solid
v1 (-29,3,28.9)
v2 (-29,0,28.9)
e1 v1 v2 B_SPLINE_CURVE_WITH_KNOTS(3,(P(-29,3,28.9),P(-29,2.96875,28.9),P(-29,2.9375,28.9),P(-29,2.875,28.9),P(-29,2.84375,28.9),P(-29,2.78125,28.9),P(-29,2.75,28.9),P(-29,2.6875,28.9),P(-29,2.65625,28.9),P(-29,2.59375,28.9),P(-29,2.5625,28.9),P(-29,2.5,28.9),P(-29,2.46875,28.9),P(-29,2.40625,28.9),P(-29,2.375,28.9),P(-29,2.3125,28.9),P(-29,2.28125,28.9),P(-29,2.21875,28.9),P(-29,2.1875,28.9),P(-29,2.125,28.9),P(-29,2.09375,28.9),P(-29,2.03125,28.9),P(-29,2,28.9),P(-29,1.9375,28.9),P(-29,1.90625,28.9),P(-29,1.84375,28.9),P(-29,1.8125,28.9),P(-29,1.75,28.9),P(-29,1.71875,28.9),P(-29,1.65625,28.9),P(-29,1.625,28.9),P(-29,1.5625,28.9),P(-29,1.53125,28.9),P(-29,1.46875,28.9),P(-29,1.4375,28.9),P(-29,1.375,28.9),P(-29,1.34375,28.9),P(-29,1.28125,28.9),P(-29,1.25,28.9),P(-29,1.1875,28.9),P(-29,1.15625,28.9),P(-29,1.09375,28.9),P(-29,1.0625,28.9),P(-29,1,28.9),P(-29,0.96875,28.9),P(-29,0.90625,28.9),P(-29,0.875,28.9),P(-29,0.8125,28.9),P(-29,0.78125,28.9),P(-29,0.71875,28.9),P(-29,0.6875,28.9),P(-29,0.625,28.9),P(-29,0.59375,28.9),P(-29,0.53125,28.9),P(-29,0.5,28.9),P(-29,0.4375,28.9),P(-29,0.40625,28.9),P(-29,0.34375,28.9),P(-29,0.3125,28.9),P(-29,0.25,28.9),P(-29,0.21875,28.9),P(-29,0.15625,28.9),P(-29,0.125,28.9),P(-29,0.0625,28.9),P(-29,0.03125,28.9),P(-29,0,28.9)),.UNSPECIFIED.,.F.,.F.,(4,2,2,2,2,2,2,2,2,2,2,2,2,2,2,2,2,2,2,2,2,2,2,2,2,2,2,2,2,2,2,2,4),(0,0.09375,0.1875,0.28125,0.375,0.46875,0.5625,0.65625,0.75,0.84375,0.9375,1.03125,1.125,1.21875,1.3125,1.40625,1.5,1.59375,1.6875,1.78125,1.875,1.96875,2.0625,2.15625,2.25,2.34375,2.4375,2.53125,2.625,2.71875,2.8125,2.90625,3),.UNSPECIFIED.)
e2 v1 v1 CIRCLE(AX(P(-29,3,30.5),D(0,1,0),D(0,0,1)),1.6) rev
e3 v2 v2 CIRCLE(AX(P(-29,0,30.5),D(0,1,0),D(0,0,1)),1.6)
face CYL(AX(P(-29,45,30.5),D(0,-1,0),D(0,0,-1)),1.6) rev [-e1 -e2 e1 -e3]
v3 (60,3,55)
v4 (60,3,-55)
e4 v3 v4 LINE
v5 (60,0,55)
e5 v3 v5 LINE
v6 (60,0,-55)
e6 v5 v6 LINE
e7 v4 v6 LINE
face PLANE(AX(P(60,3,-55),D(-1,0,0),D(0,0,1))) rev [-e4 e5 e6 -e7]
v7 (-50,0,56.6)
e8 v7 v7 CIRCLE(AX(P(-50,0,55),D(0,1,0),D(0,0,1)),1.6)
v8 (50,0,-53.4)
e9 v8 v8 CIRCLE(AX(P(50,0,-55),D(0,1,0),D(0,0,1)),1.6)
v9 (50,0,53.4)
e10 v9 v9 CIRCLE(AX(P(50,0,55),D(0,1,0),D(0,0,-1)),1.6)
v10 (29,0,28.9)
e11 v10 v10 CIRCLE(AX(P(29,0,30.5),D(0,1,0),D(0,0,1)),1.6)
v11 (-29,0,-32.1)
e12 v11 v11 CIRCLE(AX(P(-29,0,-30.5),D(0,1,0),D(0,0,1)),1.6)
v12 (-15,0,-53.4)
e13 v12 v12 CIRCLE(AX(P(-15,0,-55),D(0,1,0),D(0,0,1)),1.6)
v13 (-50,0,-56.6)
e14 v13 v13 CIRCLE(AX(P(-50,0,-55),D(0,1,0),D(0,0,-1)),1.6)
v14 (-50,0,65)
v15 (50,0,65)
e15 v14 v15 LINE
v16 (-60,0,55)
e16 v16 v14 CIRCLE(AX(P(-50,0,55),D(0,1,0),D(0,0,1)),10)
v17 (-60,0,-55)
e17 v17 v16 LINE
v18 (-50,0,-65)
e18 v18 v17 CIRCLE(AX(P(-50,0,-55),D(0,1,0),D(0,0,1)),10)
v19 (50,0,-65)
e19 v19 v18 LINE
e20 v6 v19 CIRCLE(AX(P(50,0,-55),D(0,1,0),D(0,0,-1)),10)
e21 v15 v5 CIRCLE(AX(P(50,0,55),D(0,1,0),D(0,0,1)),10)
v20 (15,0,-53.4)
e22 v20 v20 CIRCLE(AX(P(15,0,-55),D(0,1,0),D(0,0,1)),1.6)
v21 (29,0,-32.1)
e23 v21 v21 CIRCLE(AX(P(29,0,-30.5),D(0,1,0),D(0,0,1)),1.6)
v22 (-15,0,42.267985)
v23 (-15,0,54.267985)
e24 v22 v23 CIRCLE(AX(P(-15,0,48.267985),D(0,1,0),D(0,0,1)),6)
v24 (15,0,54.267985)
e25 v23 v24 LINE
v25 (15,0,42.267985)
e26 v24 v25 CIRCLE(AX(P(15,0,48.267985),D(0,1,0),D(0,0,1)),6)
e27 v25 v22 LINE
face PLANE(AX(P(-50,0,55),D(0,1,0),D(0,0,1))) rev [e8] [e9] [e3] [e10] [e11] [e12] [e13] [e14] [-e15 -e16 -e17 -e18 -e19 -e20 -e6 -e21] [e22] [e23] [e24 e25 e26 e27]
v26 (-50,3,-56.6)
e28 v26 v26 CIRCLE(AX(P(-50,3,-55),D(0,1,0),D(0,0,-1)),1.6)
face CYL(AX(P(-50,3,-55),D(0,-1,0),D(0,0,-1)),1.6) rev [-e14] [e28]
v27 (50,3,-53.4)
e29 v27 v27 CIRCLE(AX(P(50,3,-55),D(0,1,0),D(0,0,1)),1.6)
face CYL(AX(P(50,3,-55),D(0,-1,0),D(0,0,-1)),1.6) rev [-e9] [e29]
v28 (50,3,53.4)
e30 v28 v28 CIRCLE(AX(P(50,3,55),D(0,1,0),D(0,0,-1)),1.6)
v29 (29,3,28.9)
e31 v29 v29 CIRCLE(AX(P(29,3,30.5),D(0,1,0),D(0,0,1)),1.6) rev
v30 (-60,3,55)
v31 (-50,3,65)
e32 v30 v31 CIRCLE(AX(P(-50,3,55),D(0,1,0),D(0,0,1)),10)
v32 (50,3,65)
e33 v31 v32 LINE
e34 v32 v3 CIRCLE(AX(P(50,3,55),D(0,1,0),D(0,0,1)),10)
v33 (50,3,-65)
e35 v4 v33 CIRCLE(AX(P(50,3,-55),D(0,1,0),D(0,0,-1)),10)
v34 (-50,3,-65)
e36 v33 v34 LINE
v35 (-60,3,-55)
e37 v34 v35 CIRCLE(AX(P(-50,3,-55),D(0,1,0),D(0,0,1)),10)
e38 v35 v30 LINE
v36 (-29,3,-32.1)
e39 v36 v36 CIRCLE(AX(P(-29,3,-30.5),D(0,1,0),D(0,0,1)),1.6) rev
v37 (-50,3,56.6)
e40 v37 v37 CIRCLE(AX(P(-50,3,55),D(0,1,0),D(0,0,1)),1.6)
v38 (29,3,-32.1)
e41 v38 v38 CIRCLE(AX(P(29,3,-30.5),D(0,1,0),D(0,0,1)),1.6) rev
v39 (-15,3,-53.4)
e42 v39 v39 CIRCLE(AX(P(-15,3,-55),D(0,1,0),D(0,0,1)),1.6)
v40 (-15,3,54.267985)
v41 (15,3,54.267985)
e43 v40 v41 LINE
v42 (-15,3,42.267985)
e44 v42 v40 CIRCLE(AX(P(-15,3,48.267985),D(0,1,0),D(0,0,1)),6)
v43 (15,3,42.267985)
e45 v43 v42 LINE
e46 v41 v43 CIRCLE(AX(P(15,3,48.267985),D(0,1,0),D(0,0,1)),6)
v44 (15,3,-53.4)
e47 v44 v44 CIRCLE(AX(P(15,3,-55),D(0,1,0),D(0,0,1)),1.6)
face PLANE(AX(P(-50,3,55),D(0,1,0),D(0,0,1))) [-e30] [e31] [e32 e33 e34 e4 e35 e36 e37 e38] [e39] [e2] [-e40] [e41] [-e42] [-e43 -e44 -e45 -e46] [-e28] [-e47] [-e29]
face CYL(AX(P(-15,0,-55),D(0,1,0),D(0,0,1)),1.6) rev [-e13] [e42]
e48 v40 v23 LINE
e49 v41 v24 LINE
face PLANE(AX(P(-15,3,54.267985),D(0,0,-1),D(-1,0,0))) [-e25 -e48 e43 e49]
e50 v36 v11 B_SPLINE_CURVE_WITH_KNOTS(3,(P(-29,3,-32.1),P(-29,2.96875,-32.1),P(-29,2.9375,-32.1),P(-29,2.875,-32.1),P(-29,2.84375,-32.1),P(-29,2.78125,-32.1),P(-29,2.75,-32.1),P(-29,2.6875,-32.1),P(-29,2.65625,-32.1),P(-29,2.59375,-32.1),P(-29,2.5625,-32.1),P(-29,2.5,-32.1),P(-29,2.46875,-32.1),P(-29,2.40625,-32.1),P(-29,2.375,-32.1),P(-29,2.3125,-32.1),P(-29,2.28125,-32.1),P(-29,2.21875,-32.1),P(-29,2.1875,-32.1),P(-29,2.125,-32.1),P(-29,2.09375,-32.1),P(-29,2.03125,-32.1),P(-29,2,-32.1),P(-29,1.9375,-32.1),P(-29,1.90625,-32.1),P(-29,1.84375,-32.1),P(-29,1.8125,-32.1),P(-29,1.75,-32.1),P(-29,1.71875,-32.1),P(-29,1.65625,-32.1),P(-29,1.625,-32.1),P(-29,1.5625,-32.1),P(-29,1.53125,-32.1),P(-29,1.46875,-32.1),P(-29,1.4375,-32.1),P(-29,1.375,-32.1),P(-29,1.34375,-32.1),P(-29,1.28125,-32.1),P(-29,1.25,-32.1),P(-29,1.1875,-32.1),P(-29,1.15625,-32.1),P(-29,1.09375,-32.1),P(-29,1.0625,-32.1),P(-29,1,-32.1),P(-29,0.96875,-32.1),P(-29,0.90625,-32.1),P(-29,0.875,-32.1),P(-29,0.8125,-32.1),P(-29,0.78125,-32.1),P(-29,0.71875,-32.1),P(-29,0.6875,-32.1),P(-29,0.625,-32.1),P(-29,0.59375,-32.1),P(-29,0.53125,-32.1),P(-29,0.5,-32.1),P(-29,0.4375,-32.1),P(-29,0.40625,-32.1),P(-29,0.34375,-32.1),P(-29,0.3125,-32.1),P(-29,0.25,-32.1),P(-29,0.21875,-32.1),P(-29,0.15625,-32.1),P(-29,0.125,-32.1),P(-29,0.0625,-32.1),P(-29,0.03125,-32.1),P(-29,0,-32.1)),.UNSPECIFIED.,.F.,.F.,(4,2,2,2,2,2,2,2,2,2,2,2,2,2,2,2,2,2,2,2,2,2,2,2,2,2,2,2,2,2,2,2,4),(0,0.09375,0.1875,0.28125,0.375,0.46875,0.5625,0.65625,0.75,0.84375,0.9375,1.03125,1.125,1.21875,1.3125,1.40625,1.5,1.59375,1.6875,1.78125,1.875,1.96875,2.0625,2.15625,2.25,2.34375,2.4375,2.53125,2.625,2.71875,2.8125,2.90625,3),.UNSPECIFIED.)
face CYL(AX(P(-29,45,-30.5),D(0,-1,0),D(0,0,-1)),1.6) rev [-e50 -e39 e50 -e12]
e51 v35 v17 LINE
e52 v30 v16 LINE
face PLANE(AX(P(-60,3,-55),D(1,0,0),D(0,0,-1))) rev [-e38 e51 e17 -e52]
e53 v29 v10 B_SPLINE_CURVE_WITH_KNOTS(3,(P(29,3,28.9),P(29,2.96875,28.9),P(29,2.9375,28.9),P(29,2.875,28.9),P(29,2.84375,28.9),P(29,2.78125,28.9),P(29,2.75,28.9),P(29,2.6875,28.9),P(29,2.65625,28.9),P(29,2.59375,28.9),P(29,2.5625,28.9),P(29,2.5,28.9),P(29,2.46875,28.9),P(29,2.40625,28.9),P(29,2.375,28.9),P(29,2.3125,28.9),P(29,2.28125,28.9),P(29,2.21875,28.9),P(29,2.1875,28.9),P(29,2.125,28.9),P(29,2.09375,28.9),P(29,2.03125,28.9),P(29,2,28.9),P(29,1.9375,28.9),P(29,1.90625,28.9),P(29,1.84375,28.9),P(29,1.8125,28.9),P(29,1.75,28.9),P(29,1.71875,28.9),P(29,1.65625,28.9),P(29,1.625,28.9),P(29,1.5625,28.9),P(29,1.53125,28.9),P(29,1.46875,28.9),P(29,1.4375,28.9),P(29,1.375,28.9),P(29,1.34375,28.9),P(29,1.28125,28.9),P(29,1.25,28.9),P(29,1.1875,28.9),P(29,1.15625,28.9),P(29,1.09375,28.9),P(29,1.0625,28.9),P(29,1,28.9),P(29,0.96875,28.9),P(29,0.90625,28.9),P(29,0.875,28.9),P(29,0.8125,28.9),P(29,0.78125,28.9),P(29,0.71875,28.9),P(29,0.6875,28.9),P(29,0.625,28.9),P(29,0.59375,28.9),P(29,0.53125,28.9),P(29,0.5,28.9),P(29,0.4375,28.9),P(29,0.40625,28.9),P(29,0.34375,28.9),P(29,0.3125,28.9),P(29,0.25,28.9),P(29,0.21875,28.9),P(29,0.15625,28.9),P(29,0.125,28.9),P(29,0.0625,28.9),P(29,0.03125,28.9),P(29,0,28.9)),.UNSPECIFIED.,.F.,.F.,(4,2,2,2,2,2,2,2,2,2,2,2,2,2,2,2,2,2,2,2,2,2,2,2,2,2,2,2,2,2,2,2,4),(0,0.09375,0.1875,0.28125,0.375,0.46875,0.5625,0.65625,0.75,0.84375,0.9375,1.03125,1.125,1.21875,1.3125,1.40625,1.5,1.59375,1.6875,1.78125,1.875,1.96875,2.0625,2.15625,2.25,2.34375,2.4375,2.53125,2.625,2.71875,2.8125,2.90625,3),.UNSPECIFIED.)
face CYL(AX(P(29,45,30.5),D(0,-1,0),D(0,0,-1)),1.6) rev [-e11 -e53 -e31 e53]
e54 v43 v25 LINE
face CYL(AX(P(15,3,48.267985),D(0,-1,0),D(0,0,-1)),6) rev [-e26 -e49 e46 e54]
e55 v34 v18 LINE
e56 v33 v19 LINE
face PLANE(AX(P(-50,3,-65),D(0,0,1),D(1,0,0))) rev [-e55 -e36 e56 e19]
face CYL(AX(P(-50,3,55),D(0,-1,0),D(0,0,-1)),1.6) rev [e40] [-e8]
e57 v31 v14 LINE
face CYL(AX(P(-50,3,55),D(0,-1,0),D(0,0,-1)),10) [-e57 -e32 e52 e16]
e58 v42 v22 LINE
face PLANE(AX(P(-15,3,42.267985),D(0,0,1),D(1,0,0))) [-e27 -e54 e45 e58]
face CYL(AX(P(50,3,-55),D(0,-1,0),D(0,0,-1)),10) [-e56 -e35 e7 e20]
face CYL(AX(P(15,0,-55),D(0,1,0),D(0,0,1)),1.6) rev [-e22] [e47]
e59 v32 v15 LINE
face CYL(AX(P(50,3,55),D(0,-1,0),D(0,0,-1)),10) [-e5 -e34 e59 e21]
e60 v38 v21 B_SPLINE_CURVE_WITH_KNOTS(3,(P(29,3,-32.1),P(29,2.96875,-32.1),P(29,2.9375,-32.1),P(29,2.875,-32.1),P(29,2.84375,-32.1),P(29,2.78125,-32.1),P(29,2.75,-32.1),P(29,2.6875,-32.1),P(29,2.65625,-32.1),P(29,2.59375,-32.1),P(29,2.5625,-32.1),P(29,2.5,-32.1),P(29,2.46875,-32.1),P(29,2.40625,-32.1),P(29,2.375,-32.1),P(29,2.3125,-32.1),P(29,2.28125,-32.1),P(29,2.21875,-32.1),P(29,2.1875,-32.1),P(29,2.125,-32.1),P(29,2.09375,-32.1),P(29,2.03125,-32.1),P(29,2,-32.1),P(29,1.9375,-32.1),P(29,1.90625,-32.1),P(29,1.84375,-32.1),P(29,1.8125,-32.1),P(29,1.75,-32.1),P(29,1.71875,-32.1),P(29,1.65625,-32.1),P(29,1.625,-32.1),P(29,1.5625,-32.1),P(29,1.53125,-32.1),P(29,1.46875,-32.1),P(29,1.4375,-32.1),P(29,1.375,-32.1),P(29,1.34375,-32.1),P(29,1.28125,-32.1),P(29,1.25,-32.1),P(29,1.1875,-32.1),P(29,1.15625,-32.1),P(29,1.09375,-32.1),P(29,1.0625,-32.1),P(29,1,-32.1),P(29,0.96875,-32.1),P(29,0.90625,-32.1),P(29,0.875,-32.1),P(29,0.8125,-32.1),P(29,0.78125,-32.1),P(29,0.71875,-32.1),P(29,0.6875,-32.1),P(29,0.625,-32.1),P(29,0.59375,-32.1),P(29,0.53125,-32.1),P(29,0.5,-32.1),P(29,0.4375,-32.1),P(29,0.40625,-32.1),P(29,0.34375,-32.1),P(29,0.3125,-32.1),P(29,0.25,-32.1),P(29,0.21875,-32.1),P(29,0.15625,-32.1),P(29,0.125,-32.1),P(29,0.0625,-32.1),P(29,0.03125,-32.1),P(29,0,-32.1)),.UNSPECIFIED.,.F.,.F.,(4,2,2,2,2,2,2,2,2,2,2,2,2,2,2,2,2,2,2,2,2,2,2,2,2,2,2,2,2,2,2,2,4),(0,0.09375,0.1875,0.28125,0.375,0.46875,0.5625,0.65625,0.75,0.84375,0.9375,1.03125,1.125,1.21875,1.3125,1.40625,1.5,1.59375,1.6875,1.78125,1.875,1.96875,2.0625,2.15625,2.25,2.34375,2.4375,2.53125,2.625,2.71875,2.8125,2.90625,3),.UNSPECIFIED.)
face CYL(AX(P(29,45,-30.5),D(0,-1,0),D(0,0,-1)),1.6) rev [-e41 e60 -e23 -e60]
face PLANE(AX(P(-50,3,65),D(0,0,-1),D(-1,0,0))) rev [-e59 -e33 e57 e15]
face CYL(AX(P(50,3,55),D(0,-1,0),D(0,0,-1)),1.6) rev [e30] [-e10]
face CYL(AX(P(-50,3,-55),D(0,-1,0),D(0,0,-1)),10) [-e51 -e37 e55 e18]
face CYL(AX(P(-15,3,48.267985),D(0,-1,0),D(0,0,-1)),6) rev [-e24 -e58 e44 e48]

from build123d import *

# Parameters (mm, degrees)
SKETCH1_R           = 1.6
BOSS_EXTRUDE1_DEPTH = 3
SKETCH2_R           = 1.6
CUT_EXTRUDE1_DEPTH  = 45
SKETCH3_R           = 1.6
CUT_EXTRUDE2_DEPTH  = 89.509886453


with BuildPart() as part:
    # Sketch1 → Boss-Extrude1 (new body)
    with BuildSketch(Plane(origin=(0, 0, 0), x_dir=(1, 0, 0), z_dir=(0, 1, 0))):
        with BuildLine():
            Line((-50, 65), (50, 65))
            ThreePointArc((50, 65), (57.071067812, 62.071067812), (60, 55))
            Line((60, 55), (60, -55))
            ThreePointArc((60, -55), (57.071067812, -62.071067812), (50, -65))
            Line((50, -65), (-50, -65))
            ThreePointArc((-50, -65), (-57.071067812, -62.071067812), (-60, -55))
            Line((-60, -55), (-60, 55))
            ThreePointArc((-60, 55), (-57.071067812, 62.071067812), (-50, 65))
        make_face()
        with Locations(Location((50, -55, 0), (0, 0, 90))):
            Circle(SKETCH1_R, mode=Mode.SUBTRACT)
        with Locations(Location((50, 55, 0), (0, 0, 270))):
            Circle(SKETCH1_R, mode=Mode.SUBTRACT)
        with Locations(Location((-50, -55, 0), (0, 0, 270))):
            Circle(SKETCH1_R, mode=Mode.SUBTRACT)
        with Locations(Location((-50, 55, 0), (0, 0, 90))):
            Circle(SKETCH1_R, mode=Mode.SUBTRACT)
        with BuildLine():
            Line((-15, -42.267985155), (15, -42.267985155))
            ThreePointArc((15, -42.267985155), (21, -48.267985155), (15, -54.267985155))
            Line((15, -54.267985155), (-15, -54.267985155))
            ThreePointArc((-15, -54.267985155), (-21, -48.267985155), (-15, -42.267985155))
        make_face(mode=Mode.SUBTRACT)
    extrude(amount=BOSS_EXTRUDE1_DEPTH)

    # Sketch2 → Cut-Extrude1 (cut)
    with BuildSketch(Plane(origin=(0, 0, 0), x_dir=(1, 0, 0), z_dir=(0, 1, 0))):
        with Locations(Location((29, 30.5, 0), (0, 0, 90))):
            Circle(SKETCH2_R)
        with Locations(Location((-29, 30.5, 0), (0, 0, 90))):
            Circle(SKETCH2_R)
        with Locations(Location((29, -30.5, 0), (0, 0, 90))):
            Circle(SKETCH2_R)
        with Locations(Location((-29, -30.5, 0), (0, 0, 90))):
            Circle(SKETCH2_R)
    extrude(amount=CUT_EXTRUDE1_DEPTH, mode=Mode.SUBTRACT)

    # Sketch3 → Cut-Extrude2 (cut, through all)
    with BuildSketch(Plane(origin=(0, 3, 0), x_dir=(1, 0, 0), z_dir=(0, 1, 0))):
        with Locations(Location((-15, 55, 0), (0, 0, 270))):
            Circle(SKETCH3_R)
        with Locations(Location((15, 55, 0), (0, 0, 270))):
            Circle(SKETCH3_R)
    extrude(amount=-CUT_EXTRUDE2_DEPTH, mode=Mode.SUBTRACT)


solid = part.part
